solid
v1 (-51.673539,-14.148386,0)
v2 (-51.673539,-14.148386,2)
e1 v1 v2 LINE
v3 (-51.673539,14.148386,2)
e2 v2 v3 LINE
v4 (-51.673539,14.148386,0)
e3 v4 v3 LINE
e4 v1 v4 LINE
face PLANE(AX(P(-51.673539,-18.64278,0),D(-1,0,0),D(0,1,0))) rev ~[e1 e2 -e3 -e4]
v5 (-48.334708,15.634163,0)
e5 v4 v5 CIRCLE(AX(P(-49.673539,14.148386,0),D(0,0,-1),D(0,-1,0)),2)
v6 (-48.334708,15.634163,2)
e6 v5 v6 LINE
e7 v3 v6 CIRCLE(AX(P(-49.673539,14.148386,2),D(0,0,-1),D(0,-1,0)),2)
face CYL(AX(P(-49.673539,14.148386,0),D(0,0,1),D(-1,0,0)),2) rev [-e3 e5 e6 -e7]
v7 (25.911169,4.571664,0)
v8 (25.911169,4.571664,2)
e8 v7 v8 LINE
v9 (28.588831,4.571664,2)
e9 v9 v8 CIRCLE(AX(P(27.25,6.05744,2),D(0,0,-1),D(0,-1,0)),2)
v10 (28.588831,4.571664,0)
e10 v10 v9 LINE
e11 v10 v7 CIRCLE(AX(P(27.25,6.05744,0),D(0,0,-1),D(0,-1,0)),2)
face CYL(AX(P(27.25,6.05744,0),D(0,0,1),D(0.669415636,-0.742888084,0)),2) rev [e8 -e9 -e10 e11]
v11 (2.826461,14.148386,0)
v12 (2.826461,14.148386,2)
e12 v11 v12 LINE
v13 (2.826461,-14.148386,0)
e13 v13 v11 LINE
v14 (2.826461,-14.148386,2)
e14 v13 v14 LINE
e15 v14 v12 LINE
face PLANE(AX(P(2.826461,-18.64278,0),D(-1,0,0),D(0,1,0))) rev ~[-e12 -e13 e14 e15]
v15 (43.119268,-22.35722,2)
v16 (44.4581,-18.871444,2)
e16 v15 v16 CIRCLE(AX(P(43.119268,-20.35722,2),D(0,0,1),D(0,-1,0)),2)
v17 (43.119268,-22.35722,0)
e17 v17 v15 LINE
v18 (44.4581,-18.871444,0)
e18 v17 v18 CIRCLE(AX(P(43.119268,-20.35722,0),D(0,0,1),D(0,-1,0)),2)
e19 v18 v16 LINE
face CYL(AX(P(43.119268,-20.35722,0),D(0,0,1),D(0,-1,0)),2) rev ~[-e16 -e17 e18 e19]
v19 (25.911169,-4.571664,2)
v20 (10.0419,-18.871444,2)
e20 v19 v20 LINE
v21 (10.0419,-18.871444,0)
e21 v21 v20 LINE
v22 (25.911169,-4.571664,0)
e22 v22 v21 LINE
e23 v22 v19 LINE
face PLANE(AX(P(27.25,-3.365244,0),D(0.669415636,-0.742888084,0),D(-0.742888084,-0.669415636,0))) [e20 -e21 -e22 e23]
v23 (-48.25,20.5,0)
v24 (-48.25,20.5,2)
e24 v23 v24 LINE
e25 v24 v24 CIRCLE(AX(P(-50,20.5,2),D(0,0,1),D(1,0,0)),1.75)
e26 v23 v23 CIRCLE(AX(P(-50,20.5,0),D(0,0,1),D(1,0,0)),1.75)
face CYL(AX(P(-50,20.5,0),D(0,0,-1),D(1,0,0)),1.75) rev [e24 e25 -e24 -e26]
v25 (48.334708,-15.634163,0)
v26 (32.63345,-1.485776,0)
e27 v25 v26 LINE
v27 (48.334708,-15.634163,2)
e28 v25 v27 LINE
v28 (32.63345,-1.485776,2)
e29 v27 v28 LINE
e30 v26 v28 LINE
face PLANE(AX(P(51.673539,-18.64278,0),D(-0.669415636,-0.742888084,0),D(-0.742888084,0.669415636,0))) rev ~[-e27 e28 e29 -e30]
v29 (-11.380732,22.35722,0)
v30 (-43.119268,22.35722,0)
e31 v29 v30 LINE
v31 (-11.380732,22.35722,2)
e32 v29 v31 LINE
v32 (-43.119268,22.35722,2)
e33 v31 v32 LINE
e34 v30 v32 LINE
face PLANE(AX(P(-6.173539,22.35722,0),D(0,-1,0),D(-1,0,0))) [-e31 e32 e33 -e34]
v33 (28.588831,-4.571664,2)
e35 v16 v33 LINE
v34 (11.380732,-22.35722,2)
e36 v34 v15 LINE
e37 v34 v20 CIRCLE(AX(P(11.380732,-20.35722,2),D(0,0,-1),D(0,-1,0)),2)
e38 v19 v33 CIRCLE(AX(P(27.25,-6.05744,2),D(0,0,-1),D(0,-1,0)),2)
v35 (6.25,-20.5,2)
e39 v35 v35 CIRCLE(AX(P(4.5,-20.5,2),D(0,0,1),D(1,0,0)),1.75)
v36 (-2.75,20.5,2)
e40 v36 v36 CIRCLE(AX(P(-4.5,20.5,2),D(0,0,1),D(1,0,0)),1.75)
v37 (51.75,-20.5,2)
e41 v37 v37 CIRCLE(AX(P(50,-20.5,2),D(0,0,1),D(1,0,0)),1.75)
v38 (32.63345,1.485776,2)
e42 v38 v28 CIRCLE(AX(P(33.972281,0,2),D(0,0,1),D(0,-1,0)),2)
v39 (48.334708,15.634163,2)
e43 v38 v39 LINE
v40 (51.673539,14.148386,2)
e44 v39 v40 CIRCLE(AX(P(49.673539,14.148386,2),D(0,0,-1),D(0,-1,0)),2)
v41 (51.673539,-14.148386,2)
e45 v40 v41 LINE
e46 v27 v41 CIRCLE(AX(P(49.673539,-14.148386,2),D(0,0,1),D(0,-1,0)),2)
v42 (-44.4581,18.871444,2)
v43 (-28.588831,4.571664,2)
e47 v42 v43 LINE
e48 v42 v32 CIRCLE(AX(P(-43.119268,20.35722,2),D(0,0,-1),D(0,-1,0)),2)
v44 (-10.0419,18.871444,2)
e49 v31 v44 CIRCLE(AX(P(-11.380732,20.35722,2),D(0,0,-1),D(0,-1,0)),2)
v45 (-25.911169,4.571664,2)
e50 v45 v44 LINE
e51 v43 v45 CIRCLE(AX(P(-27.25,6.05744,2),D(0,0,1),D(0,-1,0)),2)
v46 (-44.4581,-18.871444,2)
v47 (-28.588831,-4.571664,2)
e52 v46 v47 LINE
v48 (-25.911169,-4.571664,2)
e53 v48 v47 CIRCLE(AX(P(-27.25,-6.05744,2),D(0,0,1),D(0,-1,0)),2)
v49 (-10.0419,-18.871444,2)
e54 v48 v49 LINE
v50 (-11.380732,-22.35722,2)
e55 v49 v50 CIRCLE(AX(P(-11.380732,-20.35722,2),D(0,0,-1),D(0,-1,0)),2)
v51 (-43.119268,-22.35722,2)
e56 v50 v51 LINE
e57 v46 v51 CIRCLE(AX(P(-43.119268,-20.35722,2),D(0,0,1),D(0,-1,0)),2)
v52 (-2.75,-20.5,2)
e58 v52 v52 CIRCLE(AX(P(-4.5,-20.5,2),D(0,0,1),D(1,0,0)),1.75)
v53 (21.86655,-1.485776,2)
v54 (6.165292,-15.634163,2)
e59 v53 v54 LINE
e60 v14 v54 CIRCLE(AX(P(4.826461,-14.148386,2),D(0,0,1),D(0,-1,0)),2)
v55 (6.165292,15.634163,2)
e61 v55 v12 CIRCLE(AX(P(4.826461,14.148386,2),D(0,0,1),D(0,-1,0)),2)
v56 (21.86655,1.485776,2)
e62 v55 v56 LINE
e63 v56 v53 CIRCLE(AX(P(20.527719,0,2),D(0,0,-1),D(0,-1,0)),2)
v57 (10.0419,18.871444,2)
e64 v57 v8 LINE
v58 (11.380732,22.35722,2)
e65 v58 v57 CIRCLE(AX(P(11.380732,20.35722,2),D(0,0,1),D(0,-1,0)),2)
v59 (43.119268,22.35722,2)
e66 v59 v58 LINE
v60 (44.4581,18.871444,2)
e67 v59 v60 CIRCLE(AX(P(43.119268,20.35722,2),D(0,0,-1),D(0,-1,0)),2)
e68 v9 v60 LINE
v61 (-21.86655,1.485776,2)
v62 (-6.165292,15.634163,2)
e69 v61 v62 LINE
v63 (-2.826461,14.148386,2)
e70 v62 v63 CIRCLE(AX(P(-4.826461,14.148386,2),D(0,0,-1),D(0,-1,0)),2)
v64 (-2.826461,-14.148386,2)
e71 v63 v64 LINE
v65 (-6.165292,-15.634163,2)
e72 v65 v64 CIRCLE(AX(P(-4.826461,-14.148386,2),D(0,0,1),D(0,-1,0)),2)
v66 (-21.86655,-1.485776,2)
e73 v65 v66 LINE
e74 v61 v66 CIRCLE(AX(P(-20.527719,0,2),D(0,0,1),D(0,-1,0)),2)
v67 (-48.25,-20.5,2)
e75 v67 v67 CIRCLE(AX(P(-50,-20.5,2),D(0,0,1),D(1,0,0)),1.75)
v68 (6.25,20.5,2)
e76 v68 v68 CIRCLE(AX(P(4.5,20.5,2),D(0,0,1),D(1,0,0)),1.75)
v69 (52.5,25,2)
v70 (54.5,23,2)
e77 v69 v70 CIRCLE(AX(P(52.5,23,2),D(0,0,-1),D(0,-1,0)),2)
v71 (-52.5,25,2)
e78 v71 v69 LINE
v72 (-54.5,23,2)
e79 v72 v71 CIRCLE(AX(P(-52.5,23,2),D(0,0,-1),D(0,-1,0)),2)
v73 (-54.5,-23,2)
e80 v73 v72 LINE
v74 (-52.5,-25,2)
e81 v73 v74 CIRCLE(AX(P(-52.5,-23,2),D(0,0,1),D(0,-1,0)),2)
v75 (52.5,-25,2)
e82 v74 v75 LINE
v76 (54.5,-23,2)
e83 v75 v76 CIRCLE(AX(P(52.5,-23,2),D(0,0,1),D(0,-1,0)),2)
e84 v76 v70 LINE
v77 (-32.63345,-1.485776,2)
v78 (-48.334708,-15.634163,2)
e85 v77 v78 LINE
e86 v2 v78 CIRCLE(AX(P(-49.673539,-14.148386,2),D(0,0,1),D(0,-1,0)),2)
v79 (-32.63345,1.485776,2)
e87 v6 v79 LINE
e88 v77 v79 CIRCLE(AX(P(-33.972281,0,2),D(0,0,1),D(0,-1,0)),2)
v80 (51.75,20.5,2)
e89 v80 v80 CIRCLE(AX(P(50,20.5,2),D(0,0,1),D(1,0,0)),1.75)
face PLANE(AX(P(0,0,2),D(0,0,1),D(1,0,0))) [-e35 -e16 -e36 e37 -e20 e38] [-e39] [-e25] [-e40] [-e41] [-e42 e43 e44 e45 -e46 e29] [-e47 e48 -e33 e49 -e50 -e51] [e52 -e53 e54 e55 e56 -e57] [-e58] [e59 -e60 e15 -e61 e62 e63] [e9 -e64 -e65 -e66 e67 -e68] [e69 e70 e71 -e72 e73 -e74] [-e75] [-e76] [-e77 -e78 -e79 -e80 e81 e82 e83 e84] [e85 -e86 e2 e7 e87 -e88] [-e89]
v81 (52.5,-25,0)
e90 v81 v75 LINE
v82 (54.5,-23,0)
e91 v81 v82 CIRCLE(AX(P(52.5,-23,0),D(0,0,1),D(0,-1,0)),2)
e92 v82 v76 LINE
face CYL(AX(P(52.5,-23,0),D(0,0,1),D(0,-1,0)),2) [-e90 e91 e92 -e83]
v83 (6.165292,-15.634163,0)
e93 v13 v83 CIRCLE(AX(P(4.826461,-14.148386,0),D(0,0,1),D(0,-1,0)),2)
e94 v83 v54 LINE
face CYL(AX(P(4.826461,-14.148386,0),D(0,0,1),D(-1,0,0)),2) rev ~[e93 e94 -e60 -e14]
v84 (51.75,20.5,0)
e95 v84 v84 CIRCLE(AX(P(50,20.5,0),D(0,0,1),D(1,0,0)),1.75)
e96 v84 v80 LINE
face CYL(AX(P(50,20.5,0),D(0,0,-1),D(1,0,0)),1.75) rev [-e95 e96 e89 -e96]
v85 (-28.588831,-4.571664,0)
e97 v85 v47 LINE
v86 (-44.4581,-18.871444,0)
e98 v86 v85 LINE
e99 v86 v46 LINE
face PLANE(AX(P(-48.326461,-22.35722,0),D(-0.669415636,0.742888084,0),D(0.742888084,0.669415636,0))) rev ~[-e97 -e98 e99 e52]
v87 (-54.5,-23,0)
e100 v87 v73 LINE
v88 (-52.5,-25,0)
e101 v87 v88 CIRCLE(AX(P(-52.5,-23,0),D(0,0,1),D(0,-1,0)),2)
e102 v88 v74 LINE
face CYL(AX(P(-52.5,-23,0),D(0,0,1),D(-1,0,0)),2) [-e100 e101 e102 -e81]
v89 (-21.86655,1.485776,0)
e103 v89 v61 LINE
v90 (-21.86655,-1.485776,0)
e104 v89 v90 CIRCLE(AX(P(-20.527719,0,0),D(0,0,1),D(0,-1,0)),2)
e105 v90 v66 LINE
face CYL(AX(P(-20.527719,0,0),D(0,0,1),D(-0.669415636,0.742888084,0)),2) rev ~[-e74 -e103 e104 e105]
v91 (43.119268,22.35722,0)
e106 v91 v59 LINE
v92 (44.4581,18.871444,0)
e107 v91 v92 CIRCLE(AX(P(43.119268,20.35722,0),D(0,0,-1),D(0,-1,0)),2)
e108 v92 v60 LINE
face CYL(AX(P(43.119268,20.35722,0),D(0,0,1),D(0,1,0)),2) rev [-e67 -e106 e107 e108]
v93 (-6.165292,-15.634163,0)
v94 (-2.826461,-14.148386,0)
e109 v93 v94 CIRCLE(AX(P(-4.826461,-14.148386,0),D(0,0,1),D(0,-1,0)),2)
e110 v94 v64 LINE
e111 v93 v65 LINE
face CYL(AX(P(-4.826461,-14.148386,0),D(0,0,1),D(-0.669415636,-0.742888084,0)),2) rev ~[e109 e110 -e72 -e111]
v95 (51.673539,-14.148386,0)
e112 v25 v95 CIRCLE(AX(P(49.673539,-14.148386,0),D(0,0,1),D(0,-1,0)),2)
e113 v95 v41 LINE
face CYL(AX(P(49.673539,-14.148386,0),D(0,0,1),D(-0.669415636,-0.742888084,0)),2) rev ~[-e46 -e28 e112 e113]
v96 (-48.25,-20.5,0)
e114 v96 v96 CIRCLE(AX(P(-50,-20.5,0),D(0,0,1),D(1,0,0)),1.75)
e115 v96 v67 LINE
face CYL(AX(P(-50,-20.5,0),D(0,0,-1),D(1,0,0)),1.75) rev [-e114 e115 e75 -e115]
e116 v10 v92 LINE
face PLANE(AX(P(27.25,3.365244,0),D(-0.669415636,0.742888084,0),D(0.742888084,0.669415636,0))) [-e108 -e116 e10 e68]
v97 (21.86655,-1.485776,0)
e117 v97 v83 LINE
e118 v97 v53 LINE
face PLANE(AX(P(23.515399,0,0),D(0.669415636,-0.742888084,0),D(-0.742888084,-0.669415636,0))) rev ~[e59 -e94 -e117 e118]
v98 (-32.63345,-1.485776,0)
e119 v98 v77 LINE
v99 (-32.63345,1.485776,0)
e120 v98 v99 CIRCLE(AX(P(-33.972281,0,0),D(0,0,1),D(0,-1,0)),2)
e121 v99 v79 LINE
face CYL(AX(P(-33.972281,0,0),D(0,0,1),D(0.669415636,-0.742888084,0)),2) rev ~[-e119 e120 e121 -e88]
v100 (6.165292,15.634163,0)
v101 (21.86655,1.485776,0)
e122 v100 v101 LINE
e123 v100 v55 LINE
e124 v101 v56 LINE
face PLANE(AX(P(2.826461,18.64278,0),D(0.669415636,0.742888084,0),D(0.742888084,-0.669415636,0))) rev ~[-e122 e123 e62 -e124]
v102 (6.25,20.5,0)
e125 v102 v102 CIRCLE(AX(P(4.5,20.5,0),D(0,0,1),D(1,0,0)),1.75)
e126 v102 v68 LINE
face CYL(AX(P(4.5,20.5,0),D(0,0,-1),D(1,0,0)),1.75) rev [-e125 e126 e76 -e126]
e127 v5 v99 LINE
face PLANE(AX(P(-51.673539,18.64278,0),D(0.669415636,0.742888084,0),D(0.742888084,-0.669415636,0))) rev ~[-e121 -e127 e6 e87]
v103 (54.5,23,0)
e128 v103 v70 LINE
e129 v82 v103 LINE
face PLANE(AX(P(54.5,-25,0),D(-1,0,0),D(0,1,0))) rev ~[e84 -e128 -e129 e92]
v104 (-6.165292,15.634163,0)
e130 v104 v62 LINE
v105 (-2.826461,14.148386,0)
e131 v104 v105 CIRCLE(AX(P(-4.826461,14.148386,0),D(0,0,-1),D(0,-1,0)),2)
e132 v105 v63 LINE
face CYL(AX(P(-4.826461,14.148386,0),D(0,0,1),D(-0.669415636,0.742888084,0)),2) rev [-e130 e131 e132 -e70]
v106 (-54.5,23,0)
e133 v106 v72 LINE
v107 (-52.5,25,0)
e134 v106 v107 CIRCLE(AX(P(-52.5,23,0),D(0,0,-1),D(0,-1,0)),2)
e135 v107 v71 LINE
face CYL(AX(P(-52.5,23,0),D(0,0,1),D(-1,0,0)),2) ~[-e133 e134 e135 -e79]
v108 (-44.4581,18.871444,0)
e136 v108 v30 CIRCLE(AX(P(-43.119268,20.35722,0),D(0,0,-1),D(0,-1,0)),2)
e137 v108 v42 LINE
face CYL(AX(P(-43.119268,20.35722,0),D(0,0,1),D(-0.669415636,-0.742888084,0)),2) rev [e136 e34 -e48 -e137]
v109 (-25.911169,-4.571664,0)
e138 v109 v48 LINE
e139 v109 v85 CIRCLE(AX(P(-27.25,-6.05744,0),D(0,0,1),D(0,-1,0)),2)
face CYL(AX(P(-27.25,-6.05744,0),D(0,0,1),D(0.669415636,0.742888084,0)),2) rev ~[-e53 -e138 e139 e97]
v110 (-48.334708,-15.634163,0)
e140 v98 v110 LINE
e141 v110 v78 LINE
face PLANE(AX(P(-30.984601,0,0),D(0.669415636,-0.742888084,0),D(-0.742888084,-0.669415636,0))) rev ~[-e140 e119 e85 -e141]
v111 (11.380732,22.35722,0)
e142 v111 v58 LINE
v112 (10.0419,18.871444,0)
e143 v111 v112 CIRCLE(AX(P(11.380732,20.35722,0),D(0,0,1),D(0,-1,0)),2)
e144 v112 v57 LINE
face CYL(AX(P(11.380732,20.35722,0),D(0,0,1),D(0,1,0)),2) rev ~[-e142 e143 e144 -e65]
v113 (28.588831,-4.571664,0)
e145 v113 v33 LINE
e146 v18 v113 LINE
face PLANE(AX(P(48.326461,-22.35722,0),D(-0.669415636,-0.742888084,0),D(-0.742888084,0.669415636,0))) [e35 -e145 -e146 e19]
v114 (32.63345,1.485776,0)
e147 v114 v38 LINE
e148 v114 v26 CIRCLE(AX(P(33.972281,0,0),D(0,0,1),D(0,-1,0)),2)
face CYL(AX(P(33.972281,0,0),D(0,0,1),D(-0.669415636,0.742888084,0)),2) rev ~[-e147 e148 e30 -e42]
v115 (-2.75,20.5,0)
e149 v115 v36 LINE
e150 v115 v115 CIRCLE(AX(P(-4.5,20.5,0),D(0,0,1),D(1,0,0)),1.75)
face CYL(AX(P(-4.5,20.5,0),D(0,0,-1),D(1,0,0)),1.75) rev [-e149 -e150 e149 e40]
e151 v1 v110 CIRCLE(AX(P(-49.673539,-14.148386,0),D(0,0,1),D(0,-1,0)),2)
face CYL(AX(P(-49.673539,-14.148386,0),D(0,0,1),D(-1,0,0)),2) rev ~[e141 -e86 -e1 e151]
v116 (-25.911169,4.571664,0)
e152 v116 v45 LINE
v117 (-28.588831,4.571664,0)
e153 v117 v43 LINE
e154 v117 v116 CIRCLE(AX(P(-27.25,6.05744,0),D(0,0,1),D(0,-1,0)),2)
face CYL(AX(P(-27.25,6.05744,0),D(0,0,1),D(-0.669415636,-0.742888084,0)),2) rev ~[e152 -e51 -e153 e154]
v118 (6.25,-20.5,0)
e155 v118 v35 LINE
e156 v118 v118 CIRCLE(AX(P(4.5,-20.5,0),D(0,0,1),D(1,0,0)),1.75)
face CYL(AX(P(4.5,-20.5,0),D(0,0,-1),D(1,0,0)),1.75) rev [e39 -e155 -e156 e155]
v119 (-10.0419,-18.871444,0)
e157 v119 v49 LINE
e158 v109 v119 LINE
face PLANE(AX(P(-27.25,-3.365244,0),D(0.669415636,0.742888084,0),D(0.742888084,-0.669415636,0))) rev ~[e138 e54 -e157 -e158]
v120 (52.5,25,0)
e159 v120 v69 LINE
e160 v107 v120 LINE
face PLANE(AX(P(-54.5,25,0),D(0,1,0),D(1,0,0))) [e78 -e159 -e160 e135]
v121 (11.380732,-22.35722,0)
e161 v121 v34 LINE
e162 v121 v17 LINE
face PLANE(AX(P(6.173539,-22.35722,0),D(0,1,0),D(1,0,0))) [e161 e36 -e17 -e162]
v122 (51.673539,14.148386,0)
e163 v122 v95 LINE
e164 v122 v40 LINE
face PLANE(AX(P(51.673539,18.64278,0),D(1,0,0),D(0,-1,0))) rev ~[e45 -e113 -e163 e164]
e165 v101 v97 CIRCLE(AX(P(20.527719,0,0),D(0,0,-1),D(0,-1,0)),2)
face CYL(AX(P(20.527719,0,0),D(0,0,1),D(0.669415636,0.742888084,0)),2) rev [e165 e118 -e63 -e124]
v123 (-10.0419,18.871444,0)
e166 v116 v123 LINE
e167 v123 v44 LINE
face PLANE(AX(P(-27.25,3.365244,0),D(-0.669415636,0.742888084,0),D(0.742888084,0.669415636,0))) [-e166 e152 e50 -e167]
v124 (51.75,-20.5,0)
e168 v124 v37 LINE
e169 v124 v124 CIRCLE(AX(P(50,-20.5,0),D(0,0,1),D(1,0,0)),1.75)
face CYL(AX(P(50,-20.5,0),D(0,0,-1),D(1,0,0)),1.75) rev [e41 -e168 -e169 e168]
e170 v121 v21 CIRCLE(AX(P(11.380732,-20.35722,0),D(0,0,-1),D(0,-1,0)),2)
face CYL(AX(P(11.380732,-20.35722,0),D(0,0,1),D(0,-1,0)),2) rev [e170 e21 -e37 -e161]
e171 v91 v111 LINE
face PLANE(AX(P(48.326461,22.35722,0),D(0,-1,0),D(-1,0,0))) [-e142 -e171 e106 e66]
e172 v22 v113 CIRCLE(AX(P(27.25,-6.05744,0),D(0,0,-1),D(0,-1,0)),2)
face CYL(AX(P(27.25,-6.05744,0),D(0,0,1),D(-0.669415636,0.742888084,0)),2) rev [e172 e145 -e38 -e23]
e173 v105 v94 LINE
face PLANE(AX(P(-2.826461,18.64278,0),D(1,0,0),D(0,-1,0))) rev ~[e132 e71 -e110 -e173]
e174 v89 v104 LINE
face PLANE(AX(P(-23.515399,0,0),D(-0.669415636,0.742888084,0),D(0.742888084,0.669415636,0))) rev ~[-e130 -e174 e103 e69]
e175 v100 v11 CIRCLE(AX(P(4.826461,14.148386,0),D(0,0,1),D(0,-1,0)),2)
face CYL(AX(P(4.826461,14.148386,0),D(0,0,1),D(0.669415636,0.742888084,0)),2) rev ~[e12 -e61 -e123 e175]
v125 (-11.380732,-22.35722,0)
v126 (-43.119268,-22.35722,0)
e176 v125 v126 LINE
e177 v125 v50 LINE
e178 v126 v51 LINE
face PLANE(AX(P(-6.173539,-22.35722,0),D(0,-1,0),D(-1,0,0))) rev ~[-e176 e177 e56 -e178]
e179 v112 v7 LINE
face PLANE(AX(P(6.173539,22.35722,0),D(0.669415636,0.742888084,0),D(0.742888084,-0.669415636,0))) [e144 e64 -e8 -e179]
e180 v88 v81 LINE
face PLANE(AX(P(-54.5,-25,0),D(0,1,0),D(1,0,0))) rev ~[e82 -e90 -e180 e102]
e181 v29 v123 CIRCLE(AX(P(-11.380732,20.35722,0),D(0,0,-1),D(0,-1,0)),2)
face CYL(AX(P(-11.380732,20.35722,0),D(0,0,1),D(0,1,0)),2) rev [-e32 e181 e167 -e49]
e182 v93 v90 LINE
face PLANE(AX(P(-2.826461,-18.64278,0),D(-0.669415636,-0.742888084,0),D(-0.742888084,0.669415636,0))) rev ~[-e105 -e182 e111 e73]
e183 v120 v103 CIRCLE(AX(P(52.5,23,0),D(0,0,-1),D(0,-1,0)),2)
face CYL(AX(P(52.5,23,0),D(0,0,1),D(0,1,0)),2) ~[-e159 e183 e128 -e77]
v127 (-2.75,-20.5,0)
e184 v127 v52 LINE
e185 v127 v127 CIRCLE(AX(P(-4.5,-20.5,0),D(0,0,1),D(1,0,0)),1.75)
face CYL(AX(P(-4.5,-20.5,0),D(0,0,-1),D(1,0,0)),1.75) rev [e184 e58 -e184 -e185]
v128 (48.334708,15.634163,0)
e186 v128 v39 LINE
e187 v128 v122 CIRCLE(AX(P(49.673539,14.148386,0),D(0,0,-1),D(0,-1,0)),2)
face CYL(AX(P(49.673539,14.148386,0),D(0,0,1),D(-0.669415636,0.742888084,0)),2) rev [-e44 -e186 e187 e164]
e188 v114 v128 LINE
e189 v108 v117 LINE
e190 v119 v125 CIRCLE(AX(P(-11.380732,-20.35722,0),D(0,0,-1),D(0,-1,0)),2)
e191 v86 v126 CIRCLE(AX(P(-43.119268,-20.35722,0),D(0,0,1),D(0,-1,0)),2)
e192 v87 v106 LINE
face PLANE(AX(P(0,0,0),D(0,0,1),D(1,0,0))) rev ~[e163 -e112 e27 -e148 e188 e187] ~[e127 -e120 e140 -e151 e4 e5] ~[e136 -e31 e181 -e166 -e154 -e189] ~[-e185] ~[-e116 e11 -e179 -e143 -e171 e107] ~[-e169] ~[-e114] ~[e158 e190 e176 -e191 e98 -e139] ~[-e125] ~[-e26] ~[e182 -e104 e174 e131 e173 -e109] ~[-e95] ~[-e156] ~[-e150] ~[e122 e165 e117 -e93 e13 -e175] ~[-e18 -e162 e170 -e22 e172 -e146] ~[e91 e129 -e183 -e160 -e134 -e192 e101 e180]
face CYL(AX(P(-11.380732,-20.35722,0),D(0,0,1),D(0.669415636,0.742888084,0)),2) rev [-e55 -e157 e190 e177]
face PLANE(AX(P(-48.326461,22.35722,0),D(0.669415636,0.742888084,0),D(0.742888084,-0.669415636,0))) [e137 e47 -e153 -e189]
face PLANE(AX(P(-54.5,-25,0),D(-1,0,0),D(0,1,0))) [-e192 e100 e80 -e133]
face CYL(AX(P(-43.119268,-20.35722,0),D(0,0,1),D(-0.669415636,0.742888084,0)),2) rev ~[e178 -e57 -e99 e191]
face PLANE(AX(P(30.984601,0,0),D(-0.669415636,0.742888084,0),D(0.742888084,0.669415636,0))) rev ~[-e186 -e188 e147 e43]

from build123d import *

# Parameters (mm, degrees)
SKETCH1_W           = 109
SKETCH1_H           = 50
SKETCH1_R           = 1.75
BOSS_EXTRUDE1_DEPTH = 2
FILLET1_R           = 2


with BuildPart() as part:
    # Sketch1 → Boss-Extrude1 (new body)
    with BuildSketch(Plane.XY):
        Rectangle(SKETCH1_W, SKETCH1_H)
        with Locations((-4.5, 20.5)):
            Circle(SKETCH1_R, mode=Mode.SUBTRACT)
        with Locations((-4.5, -20.5)):
            Circle(SKETCH1_R, mode=Mode.SUBTRACT)
        with Locations((-50, 20.5)):
            Circle(SKETCH1_R, mode=Mode.SUBTRACT)
        with Locations((-50, -20.5)):
            Circle(SKETCH1_R, mode=Mode.SUBTRACT)
        with Locations((50, -20.5)):
            Circle(SKETCH1_R, mode=Mode.SUBTRACT)
        with Locations((4.5, -20.5)):
            Circle(SKETCH1_R, mode=Mode.SUBTRACT)
        with Locations((4.5, 20.5)):
            Circle(SKETCH1_R, mode=Mode.SUBTRACT)
        with Locations((50, 20.5)):
            Circle(SKETCH1_R, mode=Mode.SUBTRACT)
        Polygon((-51.673539091, 18.642779789), (-30.984600544, 0), (-51.673539091, -18.642779789), align=None, mode=Mode.SUBTRACT)
        Polygon((-48.326460909, 22.357220211), (-27.25, 3.365244447), (-6.173539091, 22.357220211), align=None, mode=Mode.SUBTRACT)
        Polygon((-2.826460909, 18.642779789), (-2.826460909, -18.642779789), (-23.515399456, 0), align=None, mode=Mode.SUBTRACT)
        Polygon((-6.173539091, -22.357220211), (-48.326460909, -22.357220211), (-27.25, -3.365244447), align=None, mode=Mode.SUBTRACT)
        Polygon((6.173539091, -22.357220211), (48.326460909, -22.357220211), (27.25, -3.365244447), align=None, mode=Mode.SUBTRACT)
        Polygon((51.673539091, 18.642779789), (51.673539091, -18.642779789), (30.984600544, 0), align=None, mode=Mode.SUBTRACT)
        Polygon((48.326460909, 22.357220211), (6.173539091, 22.357220211), (27.25, 3.365244447), align=None, mode=Mode.SUBTRACT)
        Polygon((23.515399456, 0), (2.826460909, -18.642779789), (2.826460909, 18.642779789), align=None, mode=Mode.SUBTRACT)
    extrude(amount=BOSS_EXTRUDE1_DEPTH)

    # Fillet1
    fillet1_edges = [part.edges().sort_by_distance(p)[0] for p in [
        (27.25, 3.365244447, 1),
        (48.326460909, 22.357220211, 1),
        (6.173539091, 22.357220211, 1),
        (23.515399456, 0, 1),
        (2.826460909, 18.642779789, 1),
        (2.826460909, -18.642779789, 1),
        (-27.25, 3.365244447, 1),
        (-6.173539091, 22.357220211, 1),
        (-48.326460909, 22.357220211, 1),
        (-51.673539091, 18.642779789, 1),
        (-51.673539091, -18.642779789, 1),
        (-30.984600544, 0, 1),
        (-6.173539091, -22.357220211, 1),
        (-27.25, -3.365244447, 1),
        (-48.326460909, -22.357220211, 1),
        (-2.826460909, 18.642779789, 1),
        (-23.515399456, 0, 1),
        (-2.826460909, -18.642779789, 1),
        (54.5, -25, 1),
        (-54.5, -25, 1),
        (-54.5, 25, 1),
        (54.5, 25, 1),
        (27.25, -3.365244447, 1),
        (6.173539091, -22.357220211, 1),
        (48.326460909, -22.357220211, 1),
        (51.673539091, 18.642779789, 1),
        (30.984600544, 0, 1),
        (51.673539091, -18.642779789, 1),
    ]]
    fillet(fillet1_edges, radius=FILLET1_R)


solid = part.part
